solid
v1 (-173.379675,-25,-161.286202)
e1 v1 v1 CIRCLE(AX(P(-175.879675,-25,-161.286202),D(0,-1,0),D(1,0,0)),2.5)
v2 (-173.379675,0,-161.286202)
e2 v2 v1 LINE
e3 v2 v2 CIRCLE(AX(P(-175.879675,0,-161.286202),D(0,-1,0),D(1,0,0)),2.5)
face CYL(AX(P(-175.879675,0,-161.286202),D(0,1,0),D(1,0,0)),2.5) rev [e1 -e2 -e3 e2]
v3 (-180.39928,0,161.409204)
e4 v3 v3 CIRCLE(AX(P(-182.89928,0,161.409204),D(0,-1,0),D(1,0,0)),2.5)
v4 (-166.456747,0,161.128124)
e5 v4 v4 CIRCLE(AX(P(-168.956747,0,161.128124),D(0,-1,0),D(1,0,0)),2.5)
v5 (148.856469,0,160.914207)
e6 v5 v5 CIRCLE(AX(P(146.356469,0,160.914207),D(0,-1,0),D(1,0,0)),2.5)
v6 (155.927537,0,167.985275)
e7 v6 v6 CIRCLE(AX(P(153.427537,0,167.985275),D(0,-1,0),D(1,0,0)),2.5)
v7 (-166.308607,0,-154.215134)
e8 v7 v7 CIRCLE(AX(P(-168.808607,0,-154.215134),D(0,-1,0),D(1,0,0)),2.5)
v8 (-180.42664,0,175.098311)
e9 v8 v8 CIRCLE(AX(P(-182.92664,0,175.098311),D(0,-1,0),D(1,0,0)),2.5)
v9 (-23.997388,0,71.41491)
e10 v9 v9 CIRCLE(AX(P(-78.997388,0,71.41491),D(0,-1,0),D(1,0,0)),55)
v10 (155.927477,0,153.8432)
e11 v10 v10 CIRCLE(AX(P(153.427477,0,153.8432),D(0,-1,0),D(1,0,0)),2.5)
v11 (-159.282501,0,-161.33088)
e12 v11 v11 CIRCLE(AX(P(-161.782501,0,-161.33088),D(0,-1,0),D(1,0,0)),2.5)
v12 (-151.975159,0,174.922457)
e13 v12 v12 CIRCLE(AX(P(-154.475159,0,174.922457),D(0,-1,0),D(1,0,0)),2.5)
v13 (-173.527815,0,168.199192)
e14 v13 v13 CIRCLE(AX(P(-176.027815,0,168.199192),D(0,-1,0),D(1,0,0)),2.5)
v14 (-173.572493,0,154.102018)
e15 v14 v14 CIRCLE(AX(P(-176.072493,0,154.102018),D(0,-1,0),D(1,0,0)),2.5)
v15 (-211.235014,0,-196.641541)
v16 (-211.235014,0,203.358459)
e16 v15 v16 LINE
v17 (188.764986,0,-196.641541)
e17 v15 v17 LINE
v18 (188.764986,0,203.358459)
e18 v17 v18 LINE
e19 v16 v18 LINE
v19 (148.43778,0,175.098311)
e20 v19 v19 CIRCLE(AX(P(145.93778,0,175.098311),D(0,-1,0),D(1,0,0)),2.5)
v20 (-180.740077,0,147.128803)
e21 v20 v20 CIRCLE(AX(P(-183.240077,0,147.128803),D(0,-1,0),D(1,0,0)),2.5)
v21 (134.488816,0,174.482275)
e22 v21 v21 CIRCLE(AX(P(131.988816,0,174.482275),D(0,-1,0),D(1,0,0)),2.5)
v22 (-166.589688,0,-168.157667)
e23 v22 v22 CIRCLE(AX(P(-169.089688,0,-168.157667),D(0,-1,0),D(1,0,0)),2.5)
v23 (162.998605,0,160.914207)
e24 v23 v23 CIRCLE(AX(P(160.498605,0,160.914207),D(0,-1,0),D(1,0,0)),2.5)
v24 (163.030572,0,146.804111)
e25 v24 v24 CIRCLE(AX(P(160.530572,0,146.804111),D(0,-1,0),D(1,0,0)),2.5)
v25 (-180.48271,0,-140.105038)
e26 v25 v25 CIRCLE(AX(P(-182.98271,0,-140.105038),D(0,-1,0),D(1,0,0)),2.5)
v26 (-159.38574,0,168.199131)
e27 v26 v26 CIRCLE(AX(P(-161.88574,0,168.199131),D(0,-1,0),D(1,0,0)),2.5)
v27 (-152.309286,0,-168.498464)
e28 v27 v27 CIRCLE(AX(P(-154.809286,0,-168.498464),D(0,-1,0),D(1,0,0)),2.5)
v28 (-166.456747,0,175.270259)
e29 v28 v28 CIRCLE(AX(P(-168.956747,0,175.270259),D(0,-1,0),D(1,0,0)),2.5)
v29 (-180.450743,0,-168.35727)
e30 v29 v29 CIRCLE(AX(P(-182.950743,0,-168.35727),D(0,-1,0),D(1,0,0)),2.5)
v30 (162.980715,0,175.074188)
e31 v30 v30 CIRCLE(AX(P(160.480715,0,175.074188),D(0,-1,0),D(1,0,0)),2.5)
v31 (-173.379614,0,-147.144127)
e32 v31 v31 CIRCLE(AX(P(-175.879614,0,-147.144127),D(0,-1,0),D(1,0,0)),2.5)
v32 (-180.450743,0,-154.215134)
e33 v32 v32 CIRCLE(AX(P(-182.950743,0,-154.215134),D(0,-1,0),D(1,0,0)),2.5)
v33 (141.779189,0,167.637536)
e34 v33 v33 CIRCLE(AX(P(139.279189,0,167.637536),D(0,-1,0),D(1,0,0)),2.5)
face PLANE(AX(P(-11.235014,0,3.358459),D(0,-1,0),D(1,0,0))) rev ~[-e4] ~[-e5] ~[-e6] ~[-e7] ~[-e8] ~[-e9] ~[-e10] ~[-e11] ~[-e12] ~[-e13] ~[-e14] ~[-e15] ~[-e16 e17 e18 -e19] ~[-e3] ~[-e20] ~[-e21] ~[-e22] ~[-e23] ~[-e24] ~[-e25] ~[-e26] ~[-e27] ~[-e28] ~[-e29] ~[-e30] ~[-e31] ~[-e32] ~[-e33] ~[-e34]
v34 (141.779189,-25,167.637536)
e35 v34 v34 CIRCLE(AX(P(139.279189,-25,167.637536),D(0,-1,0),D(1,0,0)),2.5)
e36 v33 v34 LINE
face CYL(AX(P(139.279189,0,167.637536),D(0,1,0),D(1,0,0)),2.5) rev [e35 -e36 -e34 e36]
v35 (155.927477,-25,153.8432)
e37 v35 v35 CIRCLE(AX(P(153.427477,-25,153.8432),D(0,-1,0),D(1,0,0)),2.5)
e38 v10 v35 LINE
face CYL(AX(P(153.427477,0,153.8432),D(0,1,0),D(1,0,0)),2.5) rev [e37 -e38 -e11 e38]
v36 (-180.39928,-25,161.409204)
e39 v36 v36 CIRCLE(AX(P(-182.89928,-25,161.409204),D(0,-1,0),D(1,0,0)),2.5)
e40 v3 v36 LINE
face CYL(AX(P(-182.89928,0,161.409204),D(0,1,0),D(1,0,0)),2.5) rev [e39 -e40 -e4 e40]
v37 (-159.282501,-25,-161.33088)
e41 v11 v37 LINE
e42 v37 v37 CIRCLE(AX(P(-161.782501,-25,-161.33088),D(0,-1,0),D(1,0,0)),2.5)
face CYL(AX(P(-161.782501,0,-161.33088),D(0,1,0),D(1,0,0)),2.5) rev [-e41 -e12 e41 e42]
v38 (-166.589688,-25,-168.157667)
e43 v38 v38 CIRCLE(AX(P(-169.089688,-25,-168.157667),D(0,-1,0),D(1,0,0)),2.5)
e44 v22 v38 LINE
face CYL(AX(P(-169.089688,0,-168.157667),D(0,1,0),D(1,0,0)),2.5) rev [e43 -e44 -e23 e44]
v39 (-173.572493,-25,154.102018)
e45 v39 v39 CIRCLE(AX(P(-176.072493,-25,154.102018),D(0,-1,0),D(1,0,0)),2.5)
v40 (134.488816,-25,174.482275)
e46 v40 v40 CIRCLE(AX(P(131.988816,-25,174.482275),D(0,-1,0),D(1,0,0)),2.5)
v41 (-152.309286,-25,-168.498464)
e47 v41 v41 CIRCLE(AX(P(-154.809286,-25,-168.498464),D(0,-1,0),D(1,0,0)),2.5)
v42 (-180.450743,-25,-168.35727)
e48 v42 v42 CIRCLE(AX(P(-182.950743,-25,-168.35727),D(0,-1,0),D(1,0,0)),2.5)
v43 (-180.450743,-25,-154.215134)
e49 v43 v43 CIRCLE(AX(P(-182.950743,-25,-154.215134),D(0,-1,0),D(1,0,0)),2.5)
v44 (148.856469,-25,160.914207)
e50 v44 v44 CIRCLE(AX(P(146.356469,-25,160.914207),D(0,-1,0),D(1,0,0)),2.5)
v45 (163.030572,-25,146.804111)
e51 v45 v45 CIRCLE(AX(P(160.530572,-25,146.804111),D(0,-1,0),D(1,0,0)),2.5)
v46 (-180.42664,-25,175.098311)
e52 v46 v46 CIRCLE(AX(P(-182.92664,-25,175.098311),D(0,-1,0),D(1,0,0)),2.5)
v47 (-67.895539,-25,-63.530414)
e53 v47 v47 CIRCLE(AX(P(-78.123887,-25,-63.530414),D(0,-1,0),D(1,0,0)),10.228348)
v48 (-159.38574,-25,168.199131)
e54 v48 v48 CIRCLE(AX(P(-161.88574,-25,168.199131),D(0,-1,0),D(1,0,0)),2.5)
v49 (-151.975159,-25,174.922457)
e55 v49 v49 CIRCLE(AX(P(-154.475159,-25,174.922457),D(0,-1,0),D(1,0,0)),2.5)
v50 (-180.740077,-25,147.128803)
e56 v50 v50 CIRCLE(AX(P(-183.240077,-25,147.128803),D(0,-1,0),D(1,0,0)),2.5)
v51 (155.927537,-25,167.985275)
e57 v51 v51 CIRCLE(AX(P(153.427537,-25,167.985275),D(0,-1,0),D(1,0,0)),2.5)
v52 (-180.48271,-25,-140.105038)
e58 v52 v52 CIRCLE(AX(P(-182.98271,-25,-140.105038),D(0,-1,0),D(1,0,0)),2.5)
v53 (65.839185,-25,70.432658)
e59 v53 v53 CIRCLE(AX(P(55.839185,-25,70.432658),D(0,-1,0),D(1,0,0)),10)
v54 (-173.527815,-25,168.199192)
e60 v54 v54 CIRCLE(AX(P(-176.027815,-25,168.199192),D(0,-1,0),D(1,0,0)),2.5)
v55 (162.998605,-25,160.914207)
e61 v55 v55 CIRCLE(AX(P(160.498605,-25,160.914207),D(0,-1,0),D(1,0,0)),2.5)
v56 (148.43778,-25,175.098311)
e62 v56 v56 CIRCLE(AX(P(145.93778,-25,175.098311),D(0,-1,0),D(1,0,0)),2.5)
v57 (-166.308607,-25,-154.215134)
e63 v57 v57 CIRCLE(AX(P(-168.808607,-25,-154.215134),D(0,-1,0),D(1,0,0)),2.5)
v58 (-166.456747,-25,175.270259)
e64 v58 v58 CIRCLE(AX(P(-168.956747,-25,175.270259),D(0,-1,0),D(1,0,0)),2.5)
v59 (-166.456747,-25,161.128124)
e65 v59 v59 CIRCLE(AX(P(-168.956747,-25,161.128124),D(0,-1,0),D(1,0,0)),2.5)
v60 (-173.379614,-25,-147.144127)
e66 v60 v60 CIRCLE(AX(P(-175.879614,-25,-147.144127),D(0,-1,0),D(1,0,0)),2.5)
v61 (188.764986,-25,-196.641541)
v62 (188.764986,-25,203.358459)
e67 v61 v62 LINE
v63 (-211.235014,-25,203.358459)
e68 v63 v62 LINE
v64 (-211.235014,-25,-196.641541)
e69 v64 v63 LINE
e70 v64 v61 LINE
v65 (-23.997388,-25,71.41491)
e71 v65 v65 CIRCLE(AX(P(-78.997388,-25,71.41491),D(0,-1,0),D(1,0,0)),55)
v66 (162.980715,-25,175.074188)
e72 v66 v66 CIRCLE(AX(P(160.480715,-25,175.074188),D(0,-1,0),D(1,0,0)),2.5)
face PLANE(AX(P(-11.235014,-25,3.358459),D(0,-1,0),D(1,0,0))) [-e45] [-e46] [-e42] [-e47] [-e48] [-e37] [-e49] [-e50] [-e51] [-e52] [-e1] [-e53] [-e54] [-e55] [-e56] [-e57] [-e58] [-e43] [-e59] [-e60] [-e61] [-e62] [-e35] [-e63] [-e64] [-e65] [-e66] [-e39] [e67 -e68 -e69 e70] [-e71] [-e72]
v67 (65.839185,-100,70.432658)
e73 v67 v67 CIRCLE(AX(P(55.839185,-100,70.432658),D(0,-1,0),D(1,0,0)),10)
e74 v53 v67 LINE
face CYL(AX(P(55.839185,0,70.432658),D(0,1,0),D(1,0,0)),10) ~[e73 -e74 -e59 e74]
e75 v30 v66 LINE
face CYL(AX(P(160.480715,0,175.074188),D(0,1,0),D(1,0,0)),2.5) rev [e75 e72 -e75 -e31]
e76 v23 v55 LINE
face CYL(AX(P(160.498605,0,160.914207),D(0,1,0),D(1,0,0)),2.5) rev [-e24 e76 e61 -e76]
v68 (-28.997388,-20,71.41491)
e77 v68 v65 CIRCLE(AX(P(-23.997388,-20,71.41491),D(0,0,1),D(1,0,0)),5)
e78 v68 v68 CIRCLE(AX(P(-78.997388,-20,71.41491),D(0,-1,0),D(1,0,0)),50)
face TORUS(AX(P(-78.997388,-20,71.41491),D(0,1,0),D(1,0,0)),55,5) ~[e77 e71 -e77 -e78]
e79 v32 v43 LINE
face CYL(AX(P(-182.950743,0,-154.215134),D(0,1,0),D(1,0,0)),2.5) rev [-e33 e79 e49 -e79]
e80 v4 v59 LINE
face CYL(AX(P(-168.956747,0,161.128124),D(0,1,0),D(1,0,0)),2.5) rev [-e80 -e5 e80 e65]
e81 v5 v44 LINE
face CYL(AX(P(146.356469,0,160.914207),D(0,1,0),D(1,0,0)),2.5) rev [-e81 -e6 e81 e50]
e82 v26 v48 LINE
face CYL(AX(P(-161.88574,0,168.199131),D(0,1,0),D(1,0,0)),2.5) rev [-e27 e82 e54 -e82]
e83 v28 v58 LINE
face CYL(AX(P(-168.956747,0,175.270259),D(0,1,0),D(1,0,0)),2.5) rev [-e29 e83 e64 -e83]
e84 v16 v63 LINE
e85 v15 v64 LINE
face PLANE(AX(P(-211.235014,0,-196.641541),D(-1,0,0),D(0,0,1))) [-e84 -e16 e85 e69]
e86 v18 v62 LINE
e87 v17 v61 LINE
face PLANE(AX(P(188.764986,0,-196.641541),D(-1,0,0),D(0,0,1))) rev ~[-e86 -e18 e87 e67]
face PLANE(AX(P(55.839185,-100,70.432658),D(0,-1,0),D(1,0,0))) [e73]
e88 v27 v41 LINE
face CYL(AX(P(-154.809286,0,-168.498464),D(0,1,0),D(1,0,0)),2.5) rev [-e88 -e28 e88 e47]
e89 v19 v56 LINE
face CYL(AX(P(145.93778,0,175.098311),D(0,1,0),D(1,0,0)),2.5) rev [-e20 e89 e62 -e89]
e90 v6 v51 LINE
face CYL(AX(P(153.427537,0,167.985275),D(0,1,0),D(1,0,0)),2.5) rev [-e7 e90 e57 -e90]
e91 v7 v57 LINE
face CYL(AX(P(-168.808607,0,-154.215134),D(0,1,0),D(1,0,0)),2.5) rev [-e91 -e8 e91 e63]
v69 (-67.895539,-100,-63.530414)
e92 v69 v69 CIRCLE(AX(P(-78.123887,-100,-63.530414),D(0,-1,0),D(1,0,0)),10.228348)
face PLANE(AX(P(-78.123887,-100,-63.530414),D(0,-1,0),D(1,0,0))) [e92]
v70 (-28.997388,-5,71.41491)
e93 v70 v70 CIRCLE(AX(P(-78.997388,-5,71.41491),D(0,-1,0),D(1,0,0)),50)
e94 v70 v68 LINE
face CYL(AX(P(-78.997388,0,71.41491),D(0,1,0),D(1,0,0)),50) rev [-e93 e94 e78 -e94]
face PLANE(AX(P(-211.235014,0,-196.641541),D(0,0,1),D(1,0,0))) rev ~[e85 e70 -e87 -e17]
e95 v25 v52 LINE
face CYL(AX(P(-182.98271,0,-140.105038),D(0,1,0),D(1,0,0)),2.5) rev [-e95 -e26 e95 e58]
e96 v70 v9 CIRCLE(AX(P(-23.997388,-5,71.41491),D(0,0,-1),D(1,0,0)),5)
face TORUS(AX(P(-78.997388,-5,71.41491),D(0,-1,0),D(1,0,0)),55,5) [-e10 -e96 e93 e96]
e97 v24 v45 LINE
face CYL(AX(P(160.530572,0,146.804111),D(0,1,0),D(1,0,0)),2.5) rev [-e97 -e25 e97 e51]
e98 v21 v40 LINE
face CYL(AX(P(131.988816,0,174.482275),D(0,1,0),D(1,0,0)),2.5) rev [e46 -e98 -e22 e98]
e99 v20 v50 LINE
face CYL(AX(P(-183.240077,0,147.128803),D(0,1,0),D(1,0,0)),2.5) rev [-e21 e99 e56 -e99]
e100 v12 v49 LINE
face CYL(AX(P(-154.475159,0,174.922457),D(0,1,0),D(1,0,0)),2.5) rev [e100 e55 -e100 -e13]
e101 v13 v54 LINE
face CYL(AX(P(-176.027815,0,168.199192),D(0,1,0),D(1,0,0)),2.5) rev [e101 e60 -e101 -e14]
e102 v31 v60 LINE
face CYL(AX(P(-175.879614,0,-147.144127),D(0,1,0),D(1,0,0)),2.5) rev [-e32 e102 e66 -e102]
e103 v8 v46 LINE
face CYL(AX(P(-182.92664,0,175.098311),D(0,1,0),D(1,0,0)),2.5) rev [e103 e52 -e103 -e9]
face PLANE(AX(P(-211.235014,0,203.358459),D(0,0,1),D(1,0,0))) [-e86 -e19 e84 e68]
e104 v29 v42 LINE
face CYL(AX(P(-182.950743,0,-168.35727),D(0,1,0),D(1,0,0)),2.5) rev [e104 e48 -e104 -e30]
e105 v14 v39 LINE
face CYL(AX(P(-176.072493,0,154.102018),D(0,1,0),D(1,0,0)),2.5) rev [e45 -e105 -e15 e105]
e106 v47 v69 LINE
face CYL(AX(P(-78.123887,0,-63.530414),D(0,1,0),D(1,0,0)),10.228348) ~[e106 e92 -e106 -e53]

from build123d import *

# Parameters (mm, degrees)
F0_W     = 400
F0_H     = 400
F0_R     = 2.5
F0_R_2   = 10.228348
F0_R_3   = 50
F0_R_4   = 10
F1_DEPTH = 25
F2_R     = 5
F3_DEPTH = 100


with BuildPart() as f1:
    # F0 (on Front) → F1 (new body)
    with BuildSketch(Plane.XZ):
        with Locations((-11.235014, 3.358459)):
            Rectangle(F0_W, F0_H)
        with Locations((-182.950743, -168.35727)):
            Circle(F0_R, mode=Mode.SUBTRACT)
        with Locations((-175.879675, -161.286202)):
            Circle(F0_R, mode=Mode.SUBTRACT)
        with Locations((-169.089688, -168.157667)):
            Circle(F0_R, mode=Mode.SUBTRACT)
        with Locations((-161.782501, -161.33088)):
            Circle(F0_R, mode=Mode.SUBTRACT)
        with Locations((-182.950743, -154.215134)):
            Circle(F0_R, mode=Mode.SUBTRACT)
        with Locations((-175.879614, -147.144127)):
            Circle(F0_R, mode=Mode.SUBTRACT)
        with Locations((-168.808607, -154.215134)):
            Circle(F0_R, mode=Mode.SUBTRACT)
        with Locations((-154.809286, -168.498464)):
            Circle(F0_R, mode=Mode.SUBTRACT)
        with Locations((-182.98271, -140.105038)):
            Circle(F0_R, mode=Mode.SUBTRACT)
        with Locations((-78.123887, -63.530414)):
            Circle(F0_R_2, mode=Mode.SUBTRACT)
        with Locations((-78.997388, 71.41491)):
            Circle(F0_R_3, mode=Mode.SUBTRACT)
        with Locations((-183.240077, 147.128803)):
            Circle(F0_R, mode=Mode.SUBTRACT)
        with Locations((-176.072493, 154.102018)):
            Circle(F0_R, mode=Mode.SUBTRACT)
        with Locations((-182.89928, 161.409204)):
            Circle(F0_R, mode=Mode.SUBTRACT)
        with Locations((-168.956747, 161.128124)):
            Circle(F0_R, mode=Mode.SUBTRACT)
        with Locations((-176.027815, 168.199192)):
            Circle(F0_R, mode=Mode.SUBTRACT)
        with Locations((-182.92664, 175.098311)):
            Circle(F0_R, mode=Mode.SUBTRACT)
        with Locations((-161.88574, 168.199131)):
            Circle(F0_R, mode=Mode.SUBTRACT)
        with Locations((-168.956747, 175.270259)):
            Circle(F0_R, mode=Mode.SUBTRACT)
        with Locations((-154.475159, 174.922457)):
            Circle(F0_R, mode=Mode.SUBTRACT)
        with Locations((55.839185, 70.432658)):
            Circle(F0_R_4, mode=Mode.SUBTRACT)
        with Locations((160.530572, 146.804111)):
            Circle(F0_R, mode=Mode.SUBTRACT)
        with Locations((131.988816, 174.482275)):
            Circle(F0_R, mode=Mode.SUBTRACT)
        with Locations((146.356469, 160.914207)):
            Circle(F0_R, mode=Mode.SUBTRACT)
        with Locations((153.427477, 153.8432)):
            Circle(F0_R, mode=Mode.SUBTRACT)
        with Locations((160.498605, 160.914207)):
            Circle(F0_R, mode=Mode.SUBTRACT)
        with Locations((139.279189, 167.637536)):
            Circle(F0_R, mode=Mode.SUBTRACT)
        with Locations((145.93778, 175.098311)):
            Circle(F0_R, mode=Mode.SUBTRACT)
        with Locations((153.427537, 167.985275)):
            Circle(F0_R, mode=Mode.SUBTRACT)
        with Locations((160.480715, 175.074188)):
            Circle(F0_R, mode=Mode.SUBTRACT)
    extrude(amount=F1_DEPTH)

    # F2
    f2_edges = [f1.edges().sort_by_distance(p)[0] for p in [
        (-128.997388, 0, 71.41491),
        (-128.997388, -25, 71.41491),
    ]]
    fillet(f2_edges, radius=F2_R)

    # F0 (on Front) → F3 (join)
    with BuildSketch(Plane.XZ):
        with Locations((55.839185, 70.432658)):
            Circle(F0_R_4)
        with Locations((-78.123887, -63.530414)):
            Circle(F0_R_2)
    extrude(amount=F3_DEPTH)


solid = f1.part
